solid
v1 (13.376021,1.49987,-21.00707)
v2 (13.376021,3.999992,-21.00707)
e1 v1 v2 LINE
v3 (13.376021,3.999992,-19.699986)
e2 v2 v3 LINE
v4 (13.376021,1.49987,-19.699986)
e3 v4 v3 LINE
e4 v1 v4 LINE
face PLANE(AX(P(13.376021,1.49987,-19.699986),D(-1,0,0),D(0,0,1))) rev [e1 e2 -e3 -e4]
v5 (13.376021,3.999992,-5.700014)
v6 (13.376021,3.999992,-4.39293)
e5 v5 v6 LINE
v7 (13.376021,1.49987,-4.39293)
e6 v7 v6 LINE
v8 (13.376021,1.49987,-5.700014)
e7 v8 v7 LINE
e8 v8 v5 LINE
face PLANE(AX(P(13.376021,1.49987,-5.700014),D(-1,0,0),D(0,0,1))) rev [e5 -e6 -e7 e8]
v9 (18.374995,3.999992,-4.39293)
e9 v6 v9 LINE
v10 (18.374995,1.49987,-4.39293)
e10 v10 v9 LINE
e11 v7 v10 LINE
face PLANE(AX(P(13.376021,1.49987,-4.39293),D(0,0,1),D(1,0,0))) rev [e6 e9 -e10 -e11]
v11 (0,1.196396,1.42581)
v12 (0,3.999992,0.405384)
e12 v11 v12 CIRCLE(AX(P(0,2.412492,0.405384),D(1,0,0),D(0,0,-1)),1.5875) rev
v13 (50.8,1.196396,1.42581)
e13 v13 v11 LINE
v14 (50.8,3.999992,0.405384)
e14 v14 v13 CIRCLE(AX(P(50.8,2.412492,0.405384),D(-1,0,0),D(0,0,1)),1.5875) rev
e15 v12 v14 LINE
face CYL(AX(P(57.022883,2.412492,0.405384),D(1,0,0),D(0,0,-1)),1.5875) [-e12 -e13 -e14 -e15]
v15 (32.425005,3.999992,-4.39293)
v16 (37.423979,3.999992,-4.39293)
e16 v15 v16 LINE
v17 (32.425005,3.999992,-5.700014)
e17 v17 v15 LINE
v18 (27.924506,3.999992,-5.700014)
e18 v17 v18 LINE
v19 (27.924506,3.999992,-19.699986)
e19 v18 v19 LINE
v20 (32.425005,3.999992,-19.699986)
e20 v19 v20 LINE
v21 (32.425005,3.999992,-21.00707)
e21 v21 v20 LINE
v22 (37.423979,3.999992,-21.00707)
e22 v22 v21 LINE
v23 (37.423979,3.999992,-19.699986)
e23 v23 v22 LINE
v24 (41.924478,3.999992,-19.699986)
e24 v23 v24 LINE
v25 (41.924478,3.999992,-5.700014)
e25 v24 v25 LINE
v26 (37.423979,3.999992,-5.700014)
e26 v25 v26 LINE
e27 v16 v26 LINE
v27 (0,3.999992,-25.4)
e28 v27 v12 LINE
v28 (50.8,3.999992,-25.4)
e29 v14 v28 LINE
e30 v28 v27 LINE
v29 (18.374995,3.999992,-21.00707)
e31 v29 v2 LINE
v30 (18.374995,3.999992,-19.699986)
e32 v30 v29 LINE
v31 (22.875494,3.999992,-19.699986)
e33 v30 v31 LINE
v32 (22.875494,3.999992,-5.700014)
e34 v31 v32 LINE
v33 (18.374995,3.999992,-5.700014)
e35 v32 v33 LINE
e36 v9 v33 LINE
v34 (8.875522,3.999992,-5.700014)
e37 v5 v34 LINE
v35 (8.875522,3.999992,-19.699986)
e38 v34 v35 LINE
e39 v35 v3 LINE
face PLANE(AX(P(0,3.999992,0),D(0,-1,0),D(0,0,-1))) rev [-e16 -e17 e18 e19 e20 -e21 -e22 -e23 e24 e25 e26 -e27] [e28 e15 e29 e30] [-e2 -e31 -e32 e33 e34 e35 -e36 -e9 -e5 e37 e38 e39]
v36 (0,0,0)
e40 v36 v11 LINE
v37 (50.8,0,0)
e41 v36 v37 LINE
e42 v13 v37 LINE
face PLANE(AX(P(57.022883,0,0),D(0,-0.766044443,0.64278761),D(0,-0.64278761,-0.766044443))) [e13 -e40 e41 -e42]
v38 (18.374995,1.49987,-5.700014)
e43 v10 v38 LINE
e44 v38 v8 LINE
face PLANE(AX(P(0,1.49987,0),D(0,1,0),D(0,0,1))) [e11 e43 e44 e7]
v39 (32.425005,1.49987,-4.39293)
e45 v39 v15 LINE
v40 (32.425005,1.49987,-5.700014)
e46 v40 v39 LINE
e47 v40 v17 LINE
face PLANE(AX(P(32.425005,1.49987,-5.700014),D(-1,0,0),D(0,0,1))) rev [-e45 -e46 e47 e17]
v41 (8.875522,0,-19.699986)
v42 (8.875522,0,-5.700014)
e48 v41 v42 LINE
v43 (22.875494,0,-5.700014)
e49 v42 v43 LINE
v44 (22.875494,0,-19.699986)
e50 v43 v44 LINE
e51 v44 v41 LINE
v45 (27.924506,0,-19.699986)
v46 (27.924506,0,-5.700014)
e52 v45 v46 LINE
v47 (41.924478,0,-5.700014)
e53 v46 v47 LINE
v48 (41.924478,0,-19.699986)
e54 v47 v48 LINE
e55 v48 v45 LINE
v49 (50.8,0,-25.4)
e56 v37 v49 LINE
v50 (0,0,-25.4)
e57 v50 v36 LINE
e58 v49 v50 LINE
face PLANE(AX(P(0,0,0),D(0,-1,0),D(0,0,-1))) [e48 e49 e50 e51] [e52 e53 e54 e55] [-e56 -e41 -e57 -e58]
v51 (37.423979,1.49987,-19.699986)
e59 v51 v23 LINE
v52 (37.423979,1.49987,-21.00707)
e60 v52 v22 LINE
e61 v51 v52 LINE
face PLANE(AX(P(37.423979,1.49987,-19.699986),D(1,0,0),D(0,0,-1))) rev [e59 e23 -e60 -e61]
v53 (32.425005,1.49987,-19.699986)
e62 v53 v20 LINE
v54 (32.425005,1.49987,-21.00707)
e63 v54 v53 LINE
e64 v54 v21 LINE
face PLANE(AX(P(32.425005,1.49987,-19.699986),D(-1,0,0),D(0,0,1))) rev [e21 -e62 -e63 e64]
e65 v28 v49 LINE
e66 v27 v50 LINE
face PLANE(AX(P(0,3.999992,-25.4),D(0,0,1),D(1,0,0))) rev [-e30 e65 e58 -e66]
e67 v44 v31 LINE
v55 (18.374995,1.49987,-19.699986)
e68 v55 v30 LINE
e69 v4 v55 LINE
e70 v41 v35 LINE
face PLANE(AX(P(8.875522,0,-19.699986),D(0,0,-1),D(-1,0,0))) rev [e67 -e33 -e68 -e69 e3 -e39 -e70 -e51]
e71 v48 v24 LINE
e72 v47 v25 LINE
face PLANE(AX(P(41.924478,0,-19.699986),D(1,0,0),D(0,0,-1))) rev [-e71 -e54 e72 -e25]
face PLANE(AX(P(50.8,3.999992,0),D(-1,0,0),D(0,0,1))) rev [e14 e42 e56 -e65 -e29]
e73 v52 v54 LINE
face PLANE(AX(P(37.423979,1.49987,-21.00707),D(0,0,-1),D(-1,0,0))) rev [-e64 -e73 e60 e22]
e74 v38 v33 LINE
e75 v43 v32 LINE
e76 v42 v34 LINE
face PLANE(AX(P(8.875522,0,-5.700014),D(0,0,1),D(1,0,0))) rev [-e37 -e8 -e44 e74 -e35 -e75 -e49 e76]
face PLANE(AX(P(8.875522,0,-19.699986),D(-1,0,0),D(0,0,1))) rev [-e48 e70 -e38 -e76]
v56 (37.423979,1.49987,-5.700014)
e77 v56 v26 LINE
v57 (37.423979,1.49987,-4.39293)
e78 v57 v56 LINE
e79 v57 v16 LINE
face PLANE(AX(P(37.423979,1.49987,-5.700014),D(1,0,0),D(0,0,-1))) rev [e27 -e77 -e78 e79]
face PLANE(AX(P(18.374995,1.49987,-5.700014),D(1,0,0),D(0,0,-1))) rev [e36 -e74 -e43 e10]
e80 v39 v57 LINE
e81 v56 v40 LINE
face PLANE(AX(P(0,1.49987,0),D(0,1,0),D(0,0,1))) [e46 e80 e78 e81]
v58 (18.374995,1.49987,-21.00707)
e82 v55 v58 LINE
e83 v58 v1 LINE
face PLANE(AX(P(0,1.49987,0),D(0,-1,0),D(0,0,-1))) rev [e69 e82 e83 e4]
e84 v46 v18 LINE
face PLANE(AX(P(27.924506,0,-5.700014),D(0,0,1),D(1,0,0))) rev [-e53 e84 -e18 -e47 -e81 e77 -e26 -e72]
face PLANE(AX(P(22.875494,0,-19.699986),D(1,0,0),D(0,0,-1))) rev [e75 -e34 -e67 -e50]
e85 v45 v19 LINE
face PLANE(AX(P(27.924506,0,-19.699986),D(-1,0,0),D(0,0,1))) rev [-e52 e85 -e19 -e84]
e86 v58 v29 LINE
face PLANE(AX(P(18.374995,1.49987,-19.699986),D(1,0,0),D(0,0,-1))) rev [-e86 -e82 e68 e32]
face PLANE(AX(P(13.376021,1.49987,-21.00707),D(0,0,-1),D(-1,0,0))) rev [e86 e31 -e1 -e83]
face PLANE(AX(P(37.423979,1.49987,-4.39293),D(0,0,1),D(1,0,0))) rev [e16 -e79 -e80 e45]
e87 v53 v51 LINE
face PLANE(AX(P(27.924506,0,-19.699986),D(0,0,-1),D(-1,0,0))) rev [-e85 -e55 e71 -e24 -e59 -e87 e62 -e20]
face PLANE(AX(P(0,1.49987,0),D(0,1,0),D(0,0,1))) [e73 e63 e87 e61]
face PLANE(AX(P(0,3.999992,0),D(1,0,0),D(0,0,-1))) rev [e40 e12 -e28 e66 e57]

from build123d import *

# Parameters (mm, degrees)
SKETCH1_W               = 50.8
SKETCH1_H               = 25.4
BOSS_EXTRUDE1_DEPTH     = 3.999992
CUT_EXTRUDE1_DEPTH      = 57.936806514
CUT_EXTRUDE1_DEPTH_BACK = 57.936806514
SKETCH2_W               = 13.999972
SKETCH2_H               = 13.999972
SKETCH3_W               = 4.998974
SKETCH3_H               = 1.307084
CUT_EXTRUDE2_DEPTH      = 2.500122
BOSS_EXTRUDE2_DEPTH     = 50.8
FILLET1_R               = 1.5875


with BuildPart() as part:
    # Sketch1 → Boss-Extrude1 (new body)
    with BuildSketch(Plane(origin=(0, 0, 0), x_dir=(1, 0, 0), z_dir=(0, 1, 0))):
        with Locations((25.4, 12.7)):
            Rectangle(SKETCH1_W, SKETCH1_H)
    extrude(amount=BOSS_EXTRUDE1_DEPTH)

    # Sketch2 → Cut-Extrude1 (cut, two sides: drawn at the far end of the back side and taken through both)
    with BuildSketch(Plane(origin=(0, 3.999992, 0), x_dir=(1, 0, 0), z_dir=(0, 1, 0)).offset(-CUT_EXTRUDE1_DEPTH_BACK)):
        with Locations((15.875508, 12.7)):
            Rectangle(SKETCH2_W, SKETCH2_H)
        with Locations((34.924492, 12.7)):
            Rectangle(SKETCH2_W, SKETCH2_H)
    extrude(amount=CUT_EXTRUDE1_DEPTH + CUT_EXTRUDE1_DEPTH_BACK, mode=Mode.SUBTRACT)

    # Sketch3 → Cut-Extrude2 (cut)
    with BuildSketch(Plane(origin=(0, 3.999992, 0), x_dir=(1, 0, 0), z_dir=(0, 1, 0))):
        with Locations((15.875508, 20.353528)):
            Rectangle(SKETCH3_W, SKETCH3_H)
        with Locations((34.924492, 20.353528)):
            Rectangle(SKETCH3_W, SKETCH3_H)
        with Locations((34.924492, 5.046472)):
            Rectangle(SKETCH3_W, SKETCH3_H)
        with Locations((15.875508, 5.046472)):
            Rectangle(SKETCH3_W, SKETCH3_H)
    extrude(amount=-CUT_EXTRUDE2_DEPTH, mode=Mode.SUBTRACT)

    # Sketch5 → Boss-Extrude2 (add)
    with BuildSketch(Plane.ZY):
        Polygon((0, 0), (4.767004836, 3.999992), (0, 3.999992), align=None)
    extrude(amount=-BOSS_EXTRUDE2_DEPTH)

    # Fillet1
    fillet1_edges = [part.edges().sort_by_distance(p)[0] for p in [
        (25.4, 3.999992, 4.767004836),
    ]]
    fillet(fillet1_edges, radius=FILLET1_R)


solid = part.part
